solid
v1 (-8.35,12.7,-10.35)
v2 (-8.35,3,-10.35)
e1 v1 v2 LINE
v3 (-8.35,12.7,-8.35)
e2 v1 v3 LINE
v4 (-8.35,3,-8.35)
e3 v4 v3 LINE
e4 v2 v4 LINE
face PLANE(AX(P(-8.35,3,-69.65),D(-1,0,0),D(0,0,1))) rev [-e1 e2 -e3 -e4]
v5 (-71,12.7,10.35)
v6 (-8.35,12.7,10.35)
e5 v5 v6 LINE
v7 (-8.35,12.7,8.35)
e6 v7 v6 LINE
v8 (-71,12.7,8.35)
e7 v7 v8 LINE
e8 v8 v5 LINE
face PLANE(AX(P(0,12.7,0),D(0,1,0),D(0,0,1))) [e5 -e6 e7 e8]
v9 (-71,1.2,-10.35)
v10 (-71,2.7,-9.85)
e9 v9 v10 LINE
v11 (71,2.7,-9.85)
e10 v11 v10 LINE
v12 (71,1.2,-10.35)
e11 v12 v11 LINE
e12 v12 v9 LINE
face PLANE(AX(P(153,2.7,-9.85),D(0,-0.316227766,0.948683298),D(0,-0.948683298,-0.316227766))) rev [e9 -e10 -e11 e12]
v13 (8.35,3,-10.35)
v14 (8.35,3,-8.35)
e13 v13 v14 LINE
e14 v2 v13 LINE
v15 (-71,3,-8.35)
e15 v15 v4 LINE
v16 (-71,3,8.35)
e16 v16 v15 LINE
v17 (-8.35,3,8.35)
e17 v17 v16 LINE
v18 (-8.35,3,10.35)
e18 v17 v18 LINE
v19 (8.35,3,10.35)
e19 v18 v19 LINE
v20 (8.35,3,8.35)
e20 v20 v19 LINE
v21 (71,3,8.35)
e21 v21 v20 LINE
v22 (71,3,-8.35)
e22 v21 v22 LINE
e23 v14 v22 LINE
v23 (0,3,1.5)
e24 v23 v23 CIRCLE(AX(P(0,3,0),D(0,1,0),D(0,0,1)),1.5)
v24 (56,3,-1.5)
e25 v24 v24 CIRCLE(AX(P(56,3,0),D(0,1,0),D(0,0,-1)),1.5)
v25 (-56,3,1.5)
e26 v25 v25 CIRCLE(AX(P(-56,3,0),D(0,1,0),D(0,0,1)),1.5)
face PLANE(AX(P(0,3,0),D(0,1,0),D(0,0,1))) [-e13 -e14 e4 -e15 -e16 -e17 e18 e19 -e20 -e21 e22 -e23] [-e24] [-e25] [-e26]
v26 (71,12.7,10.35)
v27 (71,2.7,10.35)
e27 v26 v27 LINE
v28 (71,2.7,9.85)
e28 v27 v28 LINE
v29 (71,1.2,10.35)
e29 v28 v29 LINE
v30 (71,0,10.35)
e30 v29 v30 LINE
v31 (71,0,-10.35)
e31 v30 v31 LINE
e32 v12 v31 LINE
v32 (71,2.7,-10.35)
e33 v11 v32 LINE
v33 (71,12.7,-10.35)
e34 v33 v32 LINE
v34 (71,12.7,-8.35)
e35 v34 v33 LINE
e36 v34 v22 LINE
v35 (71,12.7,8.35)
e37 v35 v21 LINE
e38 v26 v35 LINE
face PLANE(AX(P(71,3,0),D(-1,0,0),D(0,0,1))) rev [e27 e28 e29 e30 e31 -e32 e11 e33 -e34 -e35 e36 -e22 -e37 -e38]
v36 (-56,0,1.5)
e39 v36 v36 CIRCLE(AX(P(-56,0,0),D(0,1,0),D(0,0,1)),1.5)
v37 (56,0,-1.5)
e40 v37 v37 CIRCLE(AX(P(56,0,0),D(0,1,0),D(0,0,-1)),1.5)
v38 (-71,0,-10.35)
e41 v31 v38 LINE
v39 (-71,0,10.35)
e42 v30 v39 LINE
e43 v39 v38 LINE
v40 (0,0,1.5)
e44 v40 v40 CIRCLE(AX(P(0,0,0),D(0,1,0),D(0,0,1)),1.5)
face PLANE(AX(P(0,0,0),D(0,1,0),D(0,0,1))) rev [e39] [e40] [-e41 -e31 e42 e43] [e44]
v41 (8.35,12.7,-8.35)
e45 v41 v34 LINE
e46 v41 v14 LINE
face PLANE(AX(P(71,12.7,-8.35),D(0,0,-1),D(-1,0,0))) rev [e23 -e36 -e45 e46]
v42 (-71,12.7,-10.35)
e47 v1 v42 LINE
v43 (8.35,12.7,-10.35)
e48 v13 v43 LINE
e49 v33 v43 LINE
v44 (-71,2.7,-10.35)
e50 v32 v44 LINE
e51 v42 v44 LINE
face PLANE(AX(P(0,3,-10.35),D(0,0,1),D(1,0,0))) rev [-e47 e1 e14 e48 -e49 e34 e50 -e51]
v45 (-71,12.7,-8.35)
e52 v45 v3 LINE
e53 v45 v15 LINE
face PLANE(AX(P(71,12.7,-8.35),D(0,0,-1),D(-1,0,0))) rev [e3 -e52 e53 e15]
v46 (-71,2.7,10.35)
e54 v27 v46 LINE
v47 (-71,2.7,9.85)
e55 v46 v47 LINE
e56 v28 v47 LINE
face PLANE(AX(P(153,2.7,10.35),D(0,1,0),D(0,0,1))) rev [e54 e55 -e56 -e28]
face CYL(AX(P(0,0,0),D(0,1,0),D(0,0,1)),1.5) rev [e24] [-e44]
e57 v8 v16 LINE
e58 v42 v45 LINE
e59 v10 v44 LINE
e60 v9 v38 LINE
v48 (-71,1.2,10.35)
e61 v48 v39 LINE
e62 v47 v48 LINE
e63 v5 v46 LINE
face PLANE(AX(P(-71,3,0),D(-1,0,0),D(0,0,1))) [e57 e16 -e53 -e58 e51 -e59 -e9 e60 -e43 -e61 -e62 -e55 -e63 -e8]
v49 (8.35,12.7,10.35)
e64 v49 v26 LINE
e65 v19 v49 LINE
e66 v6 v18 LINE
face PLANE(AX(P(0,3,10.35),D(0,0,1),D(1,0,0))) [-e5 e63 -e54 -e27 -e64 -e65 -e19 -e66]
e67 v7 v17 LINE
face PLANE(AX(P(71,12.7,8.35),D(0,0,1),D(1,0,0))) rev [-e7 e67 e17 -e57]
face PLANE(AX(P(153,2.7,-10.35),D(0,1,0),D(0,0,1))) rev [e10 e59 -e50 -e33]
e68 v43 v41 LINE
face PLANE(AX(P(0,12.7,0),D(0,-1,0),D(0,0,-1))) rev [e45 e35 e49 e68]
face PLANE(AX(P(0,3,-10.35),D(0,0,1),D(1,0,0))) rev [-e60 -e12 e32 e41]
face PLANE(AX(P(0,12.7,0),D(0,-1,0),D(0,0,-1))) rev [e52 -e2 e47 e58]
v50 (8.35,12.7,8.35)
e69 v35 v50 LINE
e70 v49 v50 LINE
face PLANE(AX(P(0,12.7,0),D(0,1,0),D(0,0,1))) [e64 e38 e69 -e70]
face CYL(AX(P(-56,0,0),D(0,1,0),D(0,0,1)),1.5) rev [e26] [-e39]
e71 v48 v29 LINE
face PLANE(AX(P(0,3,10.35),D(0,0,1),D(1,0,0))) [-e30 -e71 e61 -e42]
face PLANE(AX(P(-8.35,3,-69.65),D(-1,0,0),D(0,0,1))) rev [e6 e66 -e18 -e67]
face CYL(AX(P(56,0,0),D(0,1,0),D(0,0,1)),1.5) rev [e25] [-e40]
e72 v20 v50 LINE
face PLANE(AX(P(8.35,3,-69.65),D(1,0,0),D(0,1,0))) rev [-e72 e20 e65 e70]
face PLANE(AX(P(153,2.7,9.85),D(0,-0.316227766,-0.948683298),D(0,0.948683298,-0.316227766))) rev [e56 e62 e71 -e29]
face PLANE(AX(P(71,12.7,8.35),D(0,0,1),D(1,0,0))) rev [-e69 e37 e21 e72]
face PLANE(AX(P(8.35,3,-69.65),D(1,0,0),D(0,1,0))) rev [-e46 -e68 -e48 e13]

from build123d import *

# Parameters (mm, degrees)
CROQUIS1_W              = 142
CROQUIS1_H              = 20.7
SALIENTE_EXTRUIR2_DEPTH = 3
CROQUIS6_R              = 1.5
CORTAR_EXTRUIR4_DEPTH   = 3
CROQUIS7_W              = 142
CROQUIS7_H              = 2
SALIENTE_EXTRUIR3_DEPTH = 9.7
CORTAR_EXTRUIR5_DEPTH   = 224
CROQUIS10_W             = 16.7
CROQUIS10_H             = 9.7
CORTAR_EXTRUIR6_DEPTH   = 80


with BuildPart() as part:
    # Croquis1 → Saliente-Extruir2 (new body)
    with BuildSketch(Plane(origin=(0, 0, 0), x_dir=(1, 0, 0), z_dir=(0, 1, 0))):
        Rectangle(CROQUIS1_W, CROQUIS1_H)
    extrude(amount=SALIENTE_EXTRUIR2_DEPTH)

    # Croquis6 → Cortar-Extruir4 (cut)
    with BuildSketch(Plane(origin=(0, 3, 0), x_dir=(1, 0, 0), z_dir=(0, 1, 0))):
        with Locations((-56, 0)):
            Circle(CROQUIS6_R)
        Circle(CROQUIS6_R)
        with Locations((56, 0)):
            Circle(CROQUIS6_R)
    extrude(amount=-CORTAR_EXTRUIR4_DEPTH, mode=Mode.SUBTRACT)

    # Croquis7 → Saliente-Extruir3 (add)
    with BuildSketch(Plane(origin=(0, 3, 0), x_dir=(1, 0, 0), z_dir=(0, 1, 0))):
        with Locations((0, 9.35)):
            Rectangle(CROQUIS7_W, CROQUIS7_H)
        with Locations((0, -9.35)):
            Rectangle(CROQUIS7_W, CROQUIS7_H)
    extrude(amount=SALIENTE_EXTRUIR3_DEPTH)

    # Croquis9 → Cortar-Extruir5 (cut)
    with BuildSketch(Plane.ZY.offset(71)):
        Polygon((-10.35, 2.7), (-9.85, 2.7), (-10.35, 1.2), align=None)
        Polygon((10.35, 2.7), (9.85, 2.7), (10.35, 1.2), align=None)
    extrude(amount=-CORTAR_EXTRUIR5_DEPTH, mode=Mode.SUBTRACT)

    # Croquis10 → Cortar-Extruir6 (cut)
    with BuildSketch(Plane.XY.offset(10.35)):
        with Locations((0, 7.85)):
            Rectangle(CROQUIS10_W, CROQUIS10_H)
    extrude(amount=-CORTAR_EXTRUIR6_DEPTH, mode=Mode.SUBTRACT)


solid = part.part
